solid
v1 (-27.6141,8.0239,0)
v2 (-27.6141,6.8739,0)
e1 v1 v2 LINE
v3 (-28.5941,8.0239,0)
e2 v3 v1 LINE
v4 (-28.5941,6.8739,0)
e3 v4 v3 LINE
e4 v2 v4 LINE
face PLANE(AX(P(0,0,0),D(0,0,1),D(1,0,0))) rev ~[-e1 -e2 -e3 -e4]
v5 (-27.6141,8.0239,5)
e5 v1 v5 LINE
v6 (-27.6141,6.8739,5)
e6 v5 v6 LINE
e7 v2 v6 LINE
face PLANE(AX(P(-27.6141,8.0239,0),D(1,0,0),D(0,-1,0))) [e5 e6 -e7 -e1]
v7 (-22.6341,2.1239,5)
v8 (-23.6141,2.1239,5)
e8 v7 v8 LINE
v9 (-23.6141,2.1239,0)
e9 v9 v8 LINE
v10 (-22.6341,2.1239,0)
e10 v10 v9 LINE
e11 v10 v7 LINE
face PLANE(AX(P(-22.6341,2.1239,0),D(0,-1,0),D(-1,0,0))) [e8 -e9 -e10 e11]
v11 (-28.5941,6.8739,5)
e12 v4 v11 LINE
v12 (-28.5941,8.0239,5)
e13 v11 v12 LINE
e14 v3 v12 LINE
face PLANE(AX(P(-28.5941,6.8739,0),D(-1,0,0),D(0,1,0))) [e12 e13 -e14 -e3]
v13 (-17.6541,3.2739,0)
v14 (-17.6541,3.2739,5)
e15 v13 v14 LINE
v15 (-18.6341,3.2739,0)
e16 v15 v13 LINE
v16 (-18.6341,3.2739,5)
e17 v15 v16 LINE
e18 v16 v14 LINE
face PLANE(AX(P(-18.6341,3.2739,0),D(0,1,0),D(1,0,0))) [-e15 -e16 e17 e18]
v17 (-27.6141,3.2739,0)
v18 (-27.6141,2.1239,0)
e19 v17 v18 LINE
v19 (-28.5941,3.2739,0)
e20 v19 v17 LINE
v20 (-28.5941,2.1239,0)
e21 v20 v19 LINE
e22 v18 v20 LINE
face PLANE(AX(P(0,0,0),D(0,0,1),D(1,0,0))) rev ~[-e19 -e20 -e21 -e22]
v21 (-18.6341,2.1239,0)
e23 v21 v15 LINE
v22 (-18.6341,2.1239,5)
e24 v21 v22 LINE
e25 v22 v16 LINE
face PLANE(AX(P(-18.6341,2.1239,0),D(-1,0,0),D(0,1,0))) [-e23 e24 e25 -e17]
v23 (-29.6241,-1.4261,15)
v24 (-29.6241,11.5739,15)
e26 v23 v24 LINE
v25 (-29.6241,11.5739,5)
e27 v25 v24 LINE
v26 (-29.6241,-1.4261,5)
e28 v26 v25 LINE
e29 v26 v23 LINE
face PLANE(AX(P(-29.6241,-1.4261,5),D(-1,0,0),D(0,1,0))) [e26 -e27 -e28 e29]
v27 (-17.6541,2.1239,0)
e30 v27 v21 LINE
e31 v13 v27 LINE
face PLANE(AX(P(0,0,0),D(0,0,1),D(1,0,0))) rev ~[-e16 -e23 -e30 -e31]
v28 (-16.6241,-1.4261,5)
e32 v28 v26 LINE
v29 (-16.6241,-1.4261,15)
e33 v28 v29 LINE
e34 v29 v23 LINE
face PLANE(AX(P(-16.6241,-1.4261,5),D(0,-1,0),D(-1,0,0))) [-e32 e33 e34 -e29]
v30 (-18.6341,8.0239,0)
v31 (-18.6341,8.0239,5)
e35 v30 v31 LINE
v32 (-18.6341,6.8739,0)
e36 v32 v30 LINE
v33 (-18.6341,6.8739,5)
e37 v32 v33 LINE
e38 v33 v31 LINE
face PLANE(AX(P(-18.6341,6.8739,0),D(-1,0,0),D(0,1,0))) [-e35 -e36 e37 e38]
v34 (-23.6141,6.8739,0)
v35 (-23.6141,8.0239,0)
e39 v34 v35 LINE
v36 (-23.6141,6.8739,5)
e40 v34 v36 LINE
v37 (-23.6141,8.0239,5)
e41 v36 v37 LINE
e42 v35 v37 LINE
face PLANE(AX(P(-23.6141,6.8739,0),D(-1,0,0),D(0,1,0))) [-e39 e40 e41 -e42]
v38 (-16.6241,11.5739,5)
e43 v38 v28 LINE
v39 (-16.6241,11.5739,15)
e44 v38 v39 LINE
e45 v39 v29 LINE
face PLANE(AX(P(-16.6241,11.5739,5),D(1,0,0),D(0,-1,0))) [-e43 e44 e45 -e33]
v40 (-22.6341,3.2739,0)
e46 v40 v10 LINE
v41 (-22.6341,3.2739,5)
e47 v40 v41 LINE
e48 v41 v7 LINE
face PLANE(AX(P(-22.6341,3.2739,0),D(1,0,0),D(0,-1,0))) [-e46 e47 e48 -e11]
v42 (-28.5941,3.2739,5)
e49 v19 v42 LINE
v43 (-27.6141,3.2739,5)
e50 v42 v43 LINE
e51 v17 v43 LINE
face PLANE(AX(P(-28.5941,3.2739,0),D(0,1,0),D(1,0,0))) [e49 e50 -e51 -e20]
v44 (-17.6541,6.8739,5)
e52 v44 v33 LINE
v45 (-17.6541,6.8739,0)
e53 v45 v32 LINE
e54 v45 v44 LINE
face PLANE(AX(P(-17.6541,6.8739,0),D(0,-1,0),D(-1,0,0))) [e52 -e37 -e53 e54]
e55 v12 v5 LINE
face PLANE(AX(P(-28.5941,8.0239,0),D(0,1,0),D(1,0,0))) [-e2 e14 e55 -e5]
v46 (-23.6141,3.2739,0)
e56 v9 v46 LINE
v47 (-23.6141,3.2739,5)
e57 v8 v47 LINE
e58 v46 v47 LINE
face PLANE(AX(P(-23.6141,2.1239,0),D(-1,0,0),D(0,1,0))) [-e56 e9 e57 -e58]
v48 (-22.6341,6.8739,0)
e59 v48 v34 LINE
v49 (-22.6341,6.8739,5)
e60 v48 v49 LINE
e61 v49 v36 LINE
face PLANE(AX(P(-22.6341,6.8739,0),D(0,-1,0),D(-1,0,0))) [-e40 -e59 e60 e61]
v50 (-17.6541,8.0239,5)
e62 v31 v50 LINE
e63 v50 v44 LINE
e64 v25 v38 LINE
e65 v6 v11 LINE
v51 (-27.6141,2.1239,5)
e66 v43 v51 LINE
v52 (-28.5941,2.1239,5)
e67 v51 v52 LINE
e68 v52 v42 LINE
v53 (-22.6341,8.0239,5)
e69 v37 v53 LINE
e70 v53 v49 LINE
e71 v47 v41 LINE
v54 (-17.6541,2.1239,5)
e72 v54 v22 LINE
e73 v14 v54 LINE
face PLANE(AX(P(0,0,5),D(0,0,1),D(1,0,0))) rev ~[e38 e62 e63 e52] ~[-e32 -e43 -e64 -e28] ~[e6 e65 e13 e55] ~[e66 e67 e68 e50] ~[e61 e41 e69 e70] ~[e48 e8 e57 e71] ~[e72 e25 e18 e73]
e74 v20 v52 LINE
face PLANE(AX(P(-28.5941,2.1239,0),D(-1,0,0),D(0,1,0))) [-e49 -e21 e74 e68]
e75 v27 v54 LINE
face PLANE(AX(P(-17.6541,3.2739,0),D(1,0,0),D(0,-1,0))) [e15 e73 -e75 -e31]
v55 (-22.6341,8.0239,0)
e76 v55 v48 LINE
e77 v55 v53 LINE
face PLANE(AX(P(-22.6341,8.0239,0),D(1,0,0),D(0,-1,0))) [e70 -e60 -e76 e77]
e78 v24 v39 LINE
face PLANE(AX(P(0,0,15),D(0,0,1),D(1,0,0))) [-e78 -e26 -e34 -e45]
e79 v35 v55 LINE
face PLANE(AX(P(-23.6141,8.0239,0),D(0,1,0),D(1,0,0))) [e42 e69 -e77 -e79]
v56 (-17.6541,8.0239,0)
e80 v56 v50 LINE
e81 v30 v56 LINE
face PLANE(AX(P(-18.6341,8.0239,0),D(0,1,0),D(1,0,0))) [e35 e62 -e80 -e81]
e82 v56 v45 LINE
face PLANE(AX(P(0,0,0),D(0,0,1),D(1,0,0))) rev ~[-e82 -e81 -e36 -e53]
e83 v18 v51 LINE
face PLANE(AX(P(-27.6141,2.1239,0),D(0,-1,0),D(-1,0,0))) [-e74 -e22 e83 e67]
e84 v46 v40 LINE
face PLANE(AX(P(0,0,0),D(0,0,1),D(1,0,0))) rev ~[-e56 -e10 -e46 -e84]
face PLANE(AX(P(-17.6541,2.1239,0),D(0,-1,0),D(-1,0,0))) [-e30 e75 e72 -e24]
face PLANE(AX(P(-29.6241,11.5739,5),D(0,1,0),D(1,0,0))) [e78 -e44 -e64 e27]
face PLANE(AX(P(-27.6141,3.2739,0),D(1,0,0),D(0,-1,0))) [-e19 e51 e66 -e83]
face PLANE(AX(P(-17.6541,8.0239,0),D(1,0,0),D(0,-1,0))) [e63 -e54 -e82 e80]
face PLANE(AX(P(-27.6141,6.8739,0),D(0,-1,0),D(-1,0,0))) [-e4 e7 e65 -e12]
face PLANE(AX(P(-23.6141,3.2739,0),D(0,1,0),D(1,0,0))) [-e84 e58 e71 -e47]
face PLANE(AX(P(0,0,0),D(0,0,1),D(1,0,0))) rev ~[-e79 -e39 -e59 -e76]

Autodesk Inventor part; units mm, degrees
ref_plane "YZ Plane" through (0, 0, 0) normal (1, 0, 0) x (0, 1, 0)
ref_plane "XZ Plane" through (0, 0, 0) normal (0, 1, 0) x (-1, 0, 0)
ref_plane "XY Plane" through (0, 0, 0) normal (0, 0, 1) x (1, 0, 0)
sketch "スケッチ1" plane through (0, 0, 0) normal (0, 0, 1) x (1, 0, 0)
  line L0 (-28.5941, 8.0239) -> (-27.6141, 8.0239)
  line L1 (-27.6141, 8.0239) -> (-27.6141, 6.8739)
  line L2 (-27.6141, 6.8739) -> (-28.5941, 6.8739)
  line L3 (-28.5941, 6.8739) -> (-28.5941, 8.0239)
  line L4 (-23.6141, 8.0239) -> (-22.6341, 8.0239)
  line L5 (-22.6341, 8.0239) -> (-22.6341, 6.8739)
  line L6 (-22.6341, 6.8739) -> (-23.6141, 6.8739)
  line L7 (-23.6141, 6.8739) -> (-23.6141, 8.0239)
  line L8 (-18.6341, 8.0239) -> (-17.6541, 8.0239)
  line L9 (-17.6541, 8.0239) -> (-17.6541, 6.8739)
  line L10 (-17.6541, 6.8739) -> (-18.6341, 6.8739)
  line L11 (-18.6341, 6.8739) -> (-18.6341, 8.0239)
  line L12 (-28.5941, 3.2739) -> (-27.6141, 3.2739)
  line L13 (-27.6141, 3.2739) -> (-27.6141, 2.1239)
  line L14 (-27.6141, 2.1239) -> (-28.5941, 2.1239)
  line L15 (-28.5941, 2.1239) -> (-28.5941, 3.2739)
  line L16 (-23.6141, 3.2739) -> (-22.6341, 3.2739)
  line L17 (-22.6341, 3.2739) -> (-22.6341, 2.1239)
  line L18 (-22.6341, 2.1239) -> (-23.6141, 2.1239)
  line L19 (-23.6141, 2.1239) -> (-23.6141, 3.2739)
  line L20 (-18.6341, 3.2739) -> (-17.6541, 3.2739)
  line L21 (-17.6541, 3.2739) -> (-17.6541, 2.1239)
  line L22 (-17.6541, 2.1239) -> (-18.6341, 2.1239)
  line L23 (-18.6341, 2.1239) -> (-18.6341, 3.2739)
  dimension "d2" = 0.98
  dimension "d3" = 1.15
  dimension "d4" = 0.98
  dimension "d5" = 1.15
  dimension "d6" = 0.98
  dimension "d7" = 1.15
  dimension "d8" = 0.98
  dimension "d9" = 1.15
  dimension "d10" = 0.98
  dimension "d11" = 1.15
  dimension "d12" = 0.98
  dimension "d13" = 1.15
  dimension "d14" = 4
  dimension "d15" = 0
  dimension "d16" = 0
  dimension "d17" = 4
  dimension "d18" = 0
  dimension "d19" = 0
  dimension "d20" = 3.6
  dimension "d21" = 4
  dimension "d22" = 0
  dimension "d23" = 0
extrude "押し出し1" add sketch "スケッチ1" along normal blind 5
sketch "スケッチ2" plane through (0, 0, 5) normal (0, 0, 1) x (1, 0, 0)
  line L0 (-29.6241, 11.5739) -> (-16.6241, 11.5739)
  line L1 (-16.6241, 11.5739) -> (-16.6241, -1.4261)
  line L2 (-16.6241, -1.4261) -> (-29.6241, -1.4261)
  line L3 (-29.6241, -1.4261) -> (-29.6241, 11.5739)
  line L4 (-17.6541, 8.0239) -> (-18.6341, 8.0239) projected
  line L5 (-17.6541, 2.1239) -> (-17.6541, 3.2739) projected
  line L6 (-28.5941, 3.2739) -> (-28.5941, 2.1239) projected
  point P0 (0, 0)
  dimension "d26" = 13
  dimension "d27" = 13
  dimension "d28" = 3.55
  dimension "d29" = 10.94
  dimension "d30" = 1.03
extrude "押し出し2" add sketch "スケッチ2" along normal blind 10
equation "\"BendRadius\" = Thickness"
equation "\"BendReliefWidth\" = Thickness"
equation "\"BendReliefDepth\" = 0.5 * Thickness"
equation "\"CornerReliefSize\" = 4 * Thickness"
equation "\"MinimumRemnant\" = 2 * Thickness"
equation "\"TransitionRadius\" = BendRadius"
equation "\"JacobiRadiusSize\" = BendRadius"
equation "\"GapSize\" = Thickness"
equation "\"Thickness\" = 0.5"
properties part number "pin"
